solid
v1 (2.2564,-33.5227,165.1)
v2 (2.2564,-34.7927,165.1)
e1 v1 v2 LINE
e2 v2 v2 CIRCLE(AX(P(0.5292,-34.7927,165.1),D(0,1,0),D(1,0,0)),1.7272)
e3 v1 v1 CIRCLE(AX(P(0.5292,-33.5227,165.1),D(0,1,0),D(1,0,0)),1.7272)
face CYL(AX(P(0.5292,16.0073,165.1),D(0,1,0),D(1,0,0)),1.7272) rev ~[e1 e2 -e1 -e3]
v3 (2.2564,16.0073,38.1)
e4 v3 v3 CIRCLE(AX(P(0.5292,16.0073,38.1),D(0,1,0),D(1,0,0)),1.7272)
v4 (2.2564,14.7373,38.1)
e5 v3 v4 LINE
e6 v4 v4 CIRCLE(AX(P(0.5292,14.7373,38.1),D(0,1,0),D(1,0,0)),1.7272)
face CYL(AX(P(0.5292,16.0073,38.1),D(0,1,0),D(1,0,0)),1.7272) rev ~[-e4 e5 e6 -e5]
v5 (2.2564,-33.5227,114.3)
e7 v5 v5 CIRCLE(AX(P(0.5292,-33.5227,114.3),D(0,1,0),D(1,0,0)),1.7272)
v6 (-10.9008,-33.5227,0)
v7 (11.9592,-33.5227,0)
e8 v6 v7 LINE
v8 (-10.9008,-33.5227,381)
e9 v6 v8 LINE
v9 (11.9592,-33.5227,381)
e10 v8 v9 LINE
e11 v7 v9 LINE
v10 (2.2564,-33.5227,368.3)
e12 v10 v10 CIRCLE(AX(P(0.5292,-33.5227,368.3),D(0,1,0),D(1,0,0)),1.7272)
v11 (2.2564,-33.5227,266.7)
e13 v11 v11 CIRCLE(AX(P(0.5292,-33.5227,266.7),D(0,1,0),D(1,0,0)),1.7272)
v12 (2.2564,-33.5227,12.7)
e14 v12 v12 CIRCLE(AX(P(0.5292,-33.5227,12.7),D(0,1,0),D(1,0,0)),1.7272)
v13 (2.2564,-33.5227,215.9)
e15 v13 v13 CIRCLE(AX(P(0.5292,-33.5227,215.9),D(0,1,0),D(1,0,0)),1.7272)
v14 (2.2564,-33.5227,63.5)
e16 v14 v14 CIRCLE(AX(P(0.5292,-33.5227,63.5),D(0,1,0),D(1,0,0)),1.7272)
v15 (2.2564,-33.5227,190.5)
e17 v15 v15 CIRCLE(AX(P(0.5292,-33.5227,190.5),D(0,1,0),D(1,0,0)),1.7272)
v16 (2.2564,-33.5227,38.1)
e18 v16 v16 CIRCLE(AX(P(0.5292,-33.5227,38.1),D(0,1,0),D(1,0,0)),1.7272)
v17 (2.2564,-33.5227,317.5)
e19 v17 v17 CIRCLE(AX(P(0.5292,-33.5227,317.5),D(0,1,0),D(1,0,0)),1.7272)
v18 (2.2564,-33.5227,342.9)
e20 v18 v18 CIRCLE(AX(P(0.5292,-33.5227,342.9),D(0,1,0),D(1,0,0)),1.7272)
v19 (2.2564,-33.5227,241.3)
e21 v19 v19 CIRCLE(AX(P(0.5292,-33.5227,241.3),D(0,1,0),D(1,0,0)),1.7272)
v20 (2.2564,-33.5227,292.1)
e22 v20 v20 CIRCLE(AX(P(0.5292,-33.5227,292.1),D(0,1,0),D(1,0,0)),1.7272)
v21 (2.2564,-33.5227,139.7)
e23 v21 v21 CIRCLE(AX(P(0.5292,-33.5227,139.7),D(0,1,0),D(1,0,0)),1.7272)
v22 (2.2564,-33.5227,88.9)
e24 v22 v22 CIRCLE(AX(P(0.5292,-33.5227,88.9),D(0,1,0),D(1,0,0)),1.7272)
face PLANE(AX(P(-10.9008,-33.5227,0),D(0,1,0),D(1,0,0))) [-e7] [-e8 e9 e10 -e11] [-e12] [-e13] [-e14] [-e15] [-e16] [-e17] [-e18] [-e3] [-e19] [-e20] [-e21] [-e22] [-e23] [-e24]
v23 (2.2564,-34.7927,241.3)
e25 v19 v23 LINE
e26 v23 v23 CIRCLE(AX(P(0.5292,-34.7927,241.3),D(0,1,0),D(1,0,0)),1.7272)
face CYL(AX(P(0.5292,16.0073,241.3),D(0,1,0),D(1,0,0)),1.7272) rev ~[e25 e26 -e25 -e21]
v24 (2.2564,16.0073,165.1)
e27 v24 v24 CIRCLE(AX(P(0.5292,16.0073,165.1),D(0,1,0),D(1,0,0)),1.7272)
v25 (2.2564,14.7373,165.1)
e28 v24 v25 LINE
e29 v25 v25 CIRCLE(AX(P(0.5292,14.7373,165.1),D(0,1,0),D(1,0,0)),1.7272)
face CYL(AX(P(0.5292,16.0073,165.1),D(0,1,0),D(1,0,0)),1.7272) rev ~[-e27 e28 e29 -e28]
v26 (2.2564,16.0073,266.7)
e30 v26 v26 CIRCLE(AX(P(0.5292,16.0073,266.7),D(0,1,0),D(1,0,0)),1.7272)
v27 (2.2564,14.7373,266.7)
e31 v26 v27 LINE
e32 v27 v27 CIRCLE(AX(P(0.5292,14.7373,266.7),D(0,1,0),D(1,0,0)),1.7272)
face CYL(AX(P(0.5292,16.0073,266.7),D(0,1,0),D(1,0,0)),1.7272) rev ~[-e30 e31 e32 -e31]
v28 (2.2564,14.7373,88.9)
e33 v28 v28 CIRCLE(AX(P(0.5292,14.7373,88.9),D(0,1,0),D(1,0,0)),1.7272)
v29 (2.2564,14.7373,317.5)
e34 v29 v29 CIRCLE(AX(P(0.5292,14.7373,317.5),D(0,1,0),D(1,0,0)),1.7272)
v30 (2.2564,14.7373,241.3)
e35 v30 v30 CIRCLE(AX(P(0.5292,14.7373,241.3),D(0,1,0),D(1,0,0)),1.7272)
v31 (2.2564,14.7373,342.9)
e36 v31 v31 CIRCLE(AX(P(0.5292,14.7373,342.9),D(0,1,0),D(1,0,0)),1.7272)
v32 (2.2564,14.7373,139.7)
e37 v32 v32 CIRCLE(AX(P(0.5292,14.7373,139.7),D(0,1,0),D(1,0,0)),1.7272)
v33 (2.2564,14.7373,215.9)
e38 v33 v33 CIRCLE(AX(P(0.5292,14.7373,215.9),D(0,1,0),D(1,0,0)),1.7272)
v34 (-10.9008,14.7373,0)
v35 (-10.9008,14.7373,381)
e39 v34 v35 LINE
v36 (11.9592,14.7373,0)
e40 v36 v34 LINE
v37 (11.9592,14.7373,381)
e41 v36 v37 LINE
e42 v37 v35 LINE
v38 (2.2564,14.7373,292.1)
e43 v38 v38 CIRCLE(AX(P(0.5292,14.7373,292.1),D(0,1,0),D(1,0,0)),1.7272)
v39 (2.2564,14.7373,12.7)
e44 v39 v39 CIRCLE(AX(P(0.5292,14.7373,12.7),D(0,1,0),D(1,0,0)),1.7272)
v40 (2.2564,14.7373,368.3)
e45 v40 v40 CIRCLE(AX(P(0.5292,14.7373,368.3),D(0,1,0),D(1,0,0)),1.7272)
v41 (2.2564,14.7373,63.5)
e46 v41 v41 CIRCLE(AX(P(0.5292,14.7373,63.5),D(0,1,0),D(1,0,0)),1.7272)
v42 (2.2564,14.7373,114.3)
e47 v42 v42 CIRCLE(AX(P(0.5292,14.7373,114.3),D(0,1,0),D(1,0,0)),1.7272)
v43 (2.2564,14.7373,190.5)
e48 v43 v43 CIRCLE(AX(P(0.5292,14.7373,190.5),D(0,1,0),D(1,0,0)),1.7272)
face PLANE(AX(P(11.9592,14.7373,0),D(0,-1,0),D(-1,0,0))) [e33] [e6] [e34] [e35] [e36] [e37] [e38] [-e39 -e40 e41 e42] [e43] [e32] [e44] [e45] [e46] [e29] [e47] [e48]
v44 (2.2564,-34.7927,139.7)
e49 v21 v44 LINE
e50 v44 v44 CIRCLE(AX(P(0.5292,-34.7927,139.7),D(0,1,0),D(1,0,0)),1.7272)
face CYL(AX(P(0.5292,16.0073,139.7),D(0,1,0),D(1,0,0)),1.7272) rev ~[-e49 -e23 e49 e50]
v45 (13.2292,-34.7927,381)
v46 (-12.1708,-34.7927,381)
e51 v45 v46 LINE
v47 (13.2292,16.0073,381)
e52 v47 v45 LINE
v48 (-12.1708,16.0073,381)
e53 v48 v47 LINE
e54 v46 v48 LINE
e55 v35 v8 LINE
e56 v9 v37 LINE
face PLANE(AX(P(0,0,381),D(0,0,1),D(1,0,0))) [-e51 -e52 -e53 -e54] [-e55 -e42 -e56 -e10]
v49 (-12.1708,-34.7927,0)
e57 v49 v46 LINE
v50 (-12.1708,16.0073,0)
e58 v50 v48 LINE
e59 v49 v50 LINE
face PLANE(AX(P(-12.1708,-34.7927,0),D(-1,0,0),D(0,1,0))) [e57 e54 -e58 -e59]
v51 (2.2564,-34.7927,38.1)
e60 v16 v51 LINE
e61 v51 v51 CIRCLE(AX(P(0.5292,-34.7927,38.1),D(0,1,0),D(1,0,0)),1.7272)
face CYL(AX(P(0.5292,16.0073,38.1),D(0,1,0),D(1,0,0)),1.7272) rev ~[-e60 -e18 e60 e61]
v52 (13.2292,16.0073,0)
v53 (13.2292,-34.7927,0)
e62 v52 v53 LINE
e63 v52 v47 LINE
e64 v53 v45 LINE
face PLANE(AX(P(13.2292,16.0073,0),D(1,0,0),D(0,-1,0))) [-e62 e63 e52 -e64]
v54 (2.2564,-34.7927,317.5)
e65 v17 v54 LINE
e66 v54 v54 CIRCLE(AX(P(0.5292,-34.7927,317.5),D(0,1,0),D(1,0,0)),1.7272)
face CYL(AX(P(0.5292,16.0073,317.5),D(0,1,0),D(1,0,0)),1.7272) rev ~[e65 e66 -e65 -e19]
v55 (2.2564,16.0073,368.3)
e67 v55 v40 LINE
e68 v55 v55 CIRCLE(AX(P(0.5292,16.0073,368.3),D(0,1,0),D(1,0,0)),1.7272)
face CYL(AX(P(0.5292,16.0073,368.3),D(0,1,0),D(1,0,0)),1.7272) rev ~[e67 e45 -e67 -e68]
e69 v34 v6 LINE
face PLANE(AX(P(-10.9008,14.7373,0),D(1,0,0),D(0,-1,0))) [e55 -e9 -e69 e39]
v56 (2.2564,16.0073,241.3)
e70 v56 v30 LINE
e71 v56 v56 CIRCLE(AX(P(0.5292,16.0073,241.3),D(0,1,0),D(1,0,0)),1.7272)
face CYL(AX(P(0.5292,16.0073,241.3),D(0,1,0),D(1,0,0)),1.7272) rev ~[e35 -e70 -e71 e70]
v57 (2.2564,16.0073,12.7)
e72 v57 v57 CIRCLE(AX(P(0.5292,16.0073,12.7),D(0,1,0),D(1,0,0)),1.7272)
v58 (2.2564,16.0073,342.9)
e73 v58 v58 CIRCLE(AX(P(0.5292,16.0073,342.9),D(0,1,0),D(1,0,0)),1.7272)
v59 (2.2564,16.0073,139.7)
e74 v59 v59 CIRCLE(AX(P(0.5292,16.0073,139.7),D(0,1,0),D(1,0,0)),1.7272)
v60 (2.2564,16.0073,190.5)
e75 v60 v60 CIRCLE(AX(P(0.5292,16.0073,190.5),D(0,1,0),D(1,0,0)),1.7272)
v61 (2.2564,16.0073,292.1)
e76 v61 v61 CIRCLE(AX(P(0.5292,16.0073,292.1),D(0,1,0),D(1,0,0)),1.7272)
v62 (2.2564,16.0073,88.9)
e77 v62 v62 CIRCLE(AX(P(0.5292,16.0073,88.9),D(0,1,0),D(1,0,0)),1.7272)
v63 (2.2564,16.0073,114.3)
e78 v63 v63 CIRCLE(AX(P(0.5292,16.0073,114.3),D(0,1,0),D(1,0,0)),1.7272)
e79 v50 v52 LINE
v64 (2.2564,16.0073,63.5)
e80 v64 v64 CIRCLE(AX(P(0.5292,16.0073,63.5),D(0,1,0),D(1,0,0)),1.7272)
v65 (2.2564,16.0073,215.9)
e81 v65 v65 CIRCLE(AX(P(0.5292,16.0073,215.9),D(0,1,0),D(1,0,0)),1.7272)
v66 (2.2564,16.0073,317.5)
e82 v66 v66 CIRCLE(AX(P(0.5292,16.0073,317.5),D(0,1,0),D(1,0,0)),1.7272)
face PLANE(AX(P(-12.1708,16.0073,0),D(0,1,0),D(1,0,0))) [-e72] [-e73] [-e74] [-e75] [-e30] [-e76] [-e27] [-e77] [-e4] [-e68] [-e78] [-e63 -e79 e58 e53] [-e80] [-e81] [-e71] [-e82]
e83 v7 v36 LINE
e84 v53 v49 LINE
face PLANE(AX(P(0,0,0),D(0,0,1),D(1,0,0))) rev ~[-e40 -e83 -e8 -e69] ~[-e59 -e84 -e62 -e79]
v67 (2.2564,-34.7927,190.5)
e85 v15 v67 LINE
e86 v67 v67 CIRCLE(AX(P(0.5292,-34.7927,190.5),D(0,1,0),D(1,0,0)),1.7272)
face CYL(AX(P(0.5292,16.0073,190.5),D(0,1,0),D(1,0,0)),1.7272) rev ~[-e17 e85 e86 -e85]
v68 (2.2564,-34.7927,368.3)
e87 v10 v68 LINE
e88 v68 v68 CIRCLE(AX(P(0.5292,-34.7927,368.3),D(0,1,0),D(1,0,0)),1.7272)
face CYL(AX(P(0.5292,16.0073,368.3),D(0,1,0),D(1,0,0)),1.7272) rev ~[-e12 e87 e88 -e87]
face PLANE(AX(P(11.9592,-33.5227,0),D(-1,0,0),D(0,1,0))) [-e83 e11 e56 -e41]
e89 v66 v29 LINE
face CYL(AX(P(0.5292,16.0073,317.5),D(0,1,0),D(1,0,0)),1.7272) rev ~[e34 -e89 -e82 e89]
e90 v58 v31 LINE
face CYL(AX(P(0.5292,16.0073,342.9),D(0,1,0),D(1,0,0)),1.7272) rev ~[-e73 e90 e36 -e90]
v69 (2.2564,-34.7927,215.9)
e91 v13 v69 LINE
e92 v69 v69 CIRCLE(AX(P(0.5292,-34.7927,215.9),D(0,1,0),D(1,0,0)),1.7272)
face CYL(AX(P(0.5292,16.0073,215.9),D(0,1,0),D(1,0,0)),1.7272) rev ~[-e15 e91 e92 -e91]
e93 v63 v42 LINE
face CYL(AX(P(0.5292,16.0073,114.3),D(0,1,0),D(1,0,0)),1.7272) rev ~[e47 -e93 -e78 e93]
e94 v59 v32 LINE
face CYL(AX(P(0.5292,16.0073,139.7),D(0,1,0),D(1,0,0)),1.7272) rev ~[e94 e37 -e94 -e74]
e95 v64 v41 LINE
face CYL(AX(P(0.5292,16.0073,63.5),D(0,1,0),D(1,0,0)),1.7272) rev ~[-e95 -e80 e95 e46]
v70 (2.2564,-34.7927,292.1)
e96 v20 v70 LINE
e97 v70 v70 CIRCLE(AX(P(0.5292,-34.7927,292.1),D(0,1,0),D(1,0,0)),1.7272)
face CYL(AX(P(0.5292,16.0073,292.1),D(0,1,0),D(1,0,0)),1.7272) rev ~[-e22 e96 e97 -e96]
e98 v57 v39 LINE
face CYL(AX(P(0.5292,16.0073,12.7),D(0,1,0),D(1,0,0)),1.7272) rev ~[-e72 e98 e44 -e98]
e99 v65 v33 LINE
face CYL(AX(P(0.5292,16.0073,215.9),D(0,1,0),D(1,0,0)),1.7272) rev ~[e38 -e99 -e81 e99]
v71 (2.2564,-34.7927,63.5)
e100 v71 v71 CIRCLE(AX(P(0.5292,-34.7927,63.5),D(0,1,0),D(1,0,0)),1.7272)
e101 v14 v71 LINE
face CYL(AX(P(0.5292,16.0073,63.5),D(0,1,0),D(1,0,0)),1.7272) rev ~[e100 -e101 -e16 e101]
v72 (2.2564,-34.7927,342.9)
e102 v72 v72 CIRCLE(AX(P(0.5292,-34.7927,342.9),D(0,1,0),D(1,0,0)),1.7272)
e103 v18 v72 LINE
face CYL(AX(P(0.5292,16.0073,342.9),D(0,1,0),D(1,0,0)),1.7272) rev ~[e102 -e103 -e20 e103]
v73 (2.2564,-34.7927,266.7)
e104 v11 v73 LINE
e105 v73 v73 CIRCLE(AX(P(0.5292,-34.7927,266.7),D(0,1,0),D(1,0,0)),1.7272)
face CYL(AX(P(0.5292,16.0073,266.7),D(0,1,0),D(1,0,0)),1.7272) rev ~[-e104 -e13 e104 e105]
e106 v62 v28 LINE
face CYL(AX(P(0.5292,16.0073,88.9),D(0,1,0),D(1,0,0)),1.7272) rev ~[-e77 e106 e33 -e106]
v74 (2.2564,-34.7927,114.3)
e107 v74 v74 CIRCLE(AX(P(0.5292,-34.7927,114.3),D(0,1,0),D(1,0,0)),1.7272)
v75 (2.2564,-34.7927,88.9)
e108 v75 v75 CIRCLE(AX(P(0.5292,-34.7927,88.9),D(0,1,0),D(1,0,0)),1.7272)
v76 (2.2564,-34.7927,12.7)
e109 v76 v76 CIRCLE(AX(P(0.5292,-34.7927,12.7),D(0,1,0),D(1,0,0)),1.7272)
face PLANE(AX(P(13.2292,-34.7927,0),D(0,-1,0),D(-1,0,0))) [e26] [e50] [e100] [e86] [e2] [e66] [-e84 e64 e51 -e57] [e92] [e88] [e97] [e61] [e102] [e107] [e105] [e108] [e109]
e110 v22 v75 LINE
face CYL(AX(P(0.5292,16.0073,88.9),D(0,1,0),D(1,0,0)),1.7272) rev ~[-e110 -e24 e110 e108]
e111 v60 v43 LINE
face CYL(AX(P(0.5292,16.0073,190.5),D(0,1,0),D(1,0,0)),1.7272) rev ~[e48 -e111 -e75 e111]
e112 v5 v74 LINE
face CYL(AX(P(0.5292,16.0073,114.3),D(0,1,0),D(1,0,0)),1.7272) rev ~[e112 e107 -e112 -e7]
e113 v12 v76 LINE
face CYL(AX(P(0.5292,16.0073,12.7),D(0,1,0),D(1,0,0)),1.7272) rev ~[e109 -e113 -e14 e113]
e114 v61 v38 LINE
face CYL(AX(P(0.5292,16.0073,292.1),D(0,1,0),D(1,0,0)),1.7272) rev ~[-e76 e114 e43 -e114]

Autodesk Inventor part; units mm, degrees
ref_plane "YZ Plane" through (0, 0, 0) normal (1, 0, 0) x (0, 1, 0)
ref_plane "XZ Plane" through (0, 0, 0) normal (0, 1, 0) x (-1, 0, 0)
ref_plane "XY Plane" through (0, 0, 0) normal (0, 0, 1) x (1, 0, 0)
sketch "Sketch1" plane through (0, 0, 0) normal (0, 0, 1) x (1, 0, 0)
  line L0 (-12.1708, 16.0073) -> (13.2292, 16.0073)
  line L1 (13.2292, 16.0073) -> (13.2292, -34.7927)
  line L2 (13.2292, -34.7927) -> (-12.1708, -34.7927)
  line L3 (-12.1708, -34.7927) -> (-12.1708, 16.0073)
  line L4 (11.9592, 14.7373) -> (-10.9008, 14.7373)
  line L5 (-10.9008, 14.7373) -> (-10.9008, -33.5227)
  line L6 (-10.9008, -33.5227) -> (11.9592, -33.5227)
  line L7 (11.9592, -33.5227) -> (11.9592, 14.7373)
  point P0 (0, 0)
  dimension "d0" = 25.4
  dimension "d1" = 50.8
  dimension "d2" = 1.27
extrude "Extrusion1" add sketch "Sketch1" along normal blind 381
sketch "Sketch2" plane through (-12.1708, 16.0073, 0) normal (0, 1, 0) x (1, 0, 0)
  circle A0 centre (12.7, -12.7) radius 1.7272
  line L0 (25.4, 0) -> (0, 0) projected
  line L1 (0, 0) -> (0, -381) projected
  point P0 (12.1708, 0)
  dimension "d5" = 3.4544
  dimension "d6" = 12.7
  dimension "d7" = 12.7
extrude "Extrusion2" cut sketch "Sketch2" against normal through all
pattern_linear "Rectangular Pattern1" count 38 spacing 25.4 along (0, 0, 1) of "Extrusion2"
equation "\"d3\" = d13"
equation "\"d10\" = d14"
equation "\"d13\" = 381"
equation "\"d14\" = d13"
properties part number "VersaFrame (PerimeterPieceB)"
